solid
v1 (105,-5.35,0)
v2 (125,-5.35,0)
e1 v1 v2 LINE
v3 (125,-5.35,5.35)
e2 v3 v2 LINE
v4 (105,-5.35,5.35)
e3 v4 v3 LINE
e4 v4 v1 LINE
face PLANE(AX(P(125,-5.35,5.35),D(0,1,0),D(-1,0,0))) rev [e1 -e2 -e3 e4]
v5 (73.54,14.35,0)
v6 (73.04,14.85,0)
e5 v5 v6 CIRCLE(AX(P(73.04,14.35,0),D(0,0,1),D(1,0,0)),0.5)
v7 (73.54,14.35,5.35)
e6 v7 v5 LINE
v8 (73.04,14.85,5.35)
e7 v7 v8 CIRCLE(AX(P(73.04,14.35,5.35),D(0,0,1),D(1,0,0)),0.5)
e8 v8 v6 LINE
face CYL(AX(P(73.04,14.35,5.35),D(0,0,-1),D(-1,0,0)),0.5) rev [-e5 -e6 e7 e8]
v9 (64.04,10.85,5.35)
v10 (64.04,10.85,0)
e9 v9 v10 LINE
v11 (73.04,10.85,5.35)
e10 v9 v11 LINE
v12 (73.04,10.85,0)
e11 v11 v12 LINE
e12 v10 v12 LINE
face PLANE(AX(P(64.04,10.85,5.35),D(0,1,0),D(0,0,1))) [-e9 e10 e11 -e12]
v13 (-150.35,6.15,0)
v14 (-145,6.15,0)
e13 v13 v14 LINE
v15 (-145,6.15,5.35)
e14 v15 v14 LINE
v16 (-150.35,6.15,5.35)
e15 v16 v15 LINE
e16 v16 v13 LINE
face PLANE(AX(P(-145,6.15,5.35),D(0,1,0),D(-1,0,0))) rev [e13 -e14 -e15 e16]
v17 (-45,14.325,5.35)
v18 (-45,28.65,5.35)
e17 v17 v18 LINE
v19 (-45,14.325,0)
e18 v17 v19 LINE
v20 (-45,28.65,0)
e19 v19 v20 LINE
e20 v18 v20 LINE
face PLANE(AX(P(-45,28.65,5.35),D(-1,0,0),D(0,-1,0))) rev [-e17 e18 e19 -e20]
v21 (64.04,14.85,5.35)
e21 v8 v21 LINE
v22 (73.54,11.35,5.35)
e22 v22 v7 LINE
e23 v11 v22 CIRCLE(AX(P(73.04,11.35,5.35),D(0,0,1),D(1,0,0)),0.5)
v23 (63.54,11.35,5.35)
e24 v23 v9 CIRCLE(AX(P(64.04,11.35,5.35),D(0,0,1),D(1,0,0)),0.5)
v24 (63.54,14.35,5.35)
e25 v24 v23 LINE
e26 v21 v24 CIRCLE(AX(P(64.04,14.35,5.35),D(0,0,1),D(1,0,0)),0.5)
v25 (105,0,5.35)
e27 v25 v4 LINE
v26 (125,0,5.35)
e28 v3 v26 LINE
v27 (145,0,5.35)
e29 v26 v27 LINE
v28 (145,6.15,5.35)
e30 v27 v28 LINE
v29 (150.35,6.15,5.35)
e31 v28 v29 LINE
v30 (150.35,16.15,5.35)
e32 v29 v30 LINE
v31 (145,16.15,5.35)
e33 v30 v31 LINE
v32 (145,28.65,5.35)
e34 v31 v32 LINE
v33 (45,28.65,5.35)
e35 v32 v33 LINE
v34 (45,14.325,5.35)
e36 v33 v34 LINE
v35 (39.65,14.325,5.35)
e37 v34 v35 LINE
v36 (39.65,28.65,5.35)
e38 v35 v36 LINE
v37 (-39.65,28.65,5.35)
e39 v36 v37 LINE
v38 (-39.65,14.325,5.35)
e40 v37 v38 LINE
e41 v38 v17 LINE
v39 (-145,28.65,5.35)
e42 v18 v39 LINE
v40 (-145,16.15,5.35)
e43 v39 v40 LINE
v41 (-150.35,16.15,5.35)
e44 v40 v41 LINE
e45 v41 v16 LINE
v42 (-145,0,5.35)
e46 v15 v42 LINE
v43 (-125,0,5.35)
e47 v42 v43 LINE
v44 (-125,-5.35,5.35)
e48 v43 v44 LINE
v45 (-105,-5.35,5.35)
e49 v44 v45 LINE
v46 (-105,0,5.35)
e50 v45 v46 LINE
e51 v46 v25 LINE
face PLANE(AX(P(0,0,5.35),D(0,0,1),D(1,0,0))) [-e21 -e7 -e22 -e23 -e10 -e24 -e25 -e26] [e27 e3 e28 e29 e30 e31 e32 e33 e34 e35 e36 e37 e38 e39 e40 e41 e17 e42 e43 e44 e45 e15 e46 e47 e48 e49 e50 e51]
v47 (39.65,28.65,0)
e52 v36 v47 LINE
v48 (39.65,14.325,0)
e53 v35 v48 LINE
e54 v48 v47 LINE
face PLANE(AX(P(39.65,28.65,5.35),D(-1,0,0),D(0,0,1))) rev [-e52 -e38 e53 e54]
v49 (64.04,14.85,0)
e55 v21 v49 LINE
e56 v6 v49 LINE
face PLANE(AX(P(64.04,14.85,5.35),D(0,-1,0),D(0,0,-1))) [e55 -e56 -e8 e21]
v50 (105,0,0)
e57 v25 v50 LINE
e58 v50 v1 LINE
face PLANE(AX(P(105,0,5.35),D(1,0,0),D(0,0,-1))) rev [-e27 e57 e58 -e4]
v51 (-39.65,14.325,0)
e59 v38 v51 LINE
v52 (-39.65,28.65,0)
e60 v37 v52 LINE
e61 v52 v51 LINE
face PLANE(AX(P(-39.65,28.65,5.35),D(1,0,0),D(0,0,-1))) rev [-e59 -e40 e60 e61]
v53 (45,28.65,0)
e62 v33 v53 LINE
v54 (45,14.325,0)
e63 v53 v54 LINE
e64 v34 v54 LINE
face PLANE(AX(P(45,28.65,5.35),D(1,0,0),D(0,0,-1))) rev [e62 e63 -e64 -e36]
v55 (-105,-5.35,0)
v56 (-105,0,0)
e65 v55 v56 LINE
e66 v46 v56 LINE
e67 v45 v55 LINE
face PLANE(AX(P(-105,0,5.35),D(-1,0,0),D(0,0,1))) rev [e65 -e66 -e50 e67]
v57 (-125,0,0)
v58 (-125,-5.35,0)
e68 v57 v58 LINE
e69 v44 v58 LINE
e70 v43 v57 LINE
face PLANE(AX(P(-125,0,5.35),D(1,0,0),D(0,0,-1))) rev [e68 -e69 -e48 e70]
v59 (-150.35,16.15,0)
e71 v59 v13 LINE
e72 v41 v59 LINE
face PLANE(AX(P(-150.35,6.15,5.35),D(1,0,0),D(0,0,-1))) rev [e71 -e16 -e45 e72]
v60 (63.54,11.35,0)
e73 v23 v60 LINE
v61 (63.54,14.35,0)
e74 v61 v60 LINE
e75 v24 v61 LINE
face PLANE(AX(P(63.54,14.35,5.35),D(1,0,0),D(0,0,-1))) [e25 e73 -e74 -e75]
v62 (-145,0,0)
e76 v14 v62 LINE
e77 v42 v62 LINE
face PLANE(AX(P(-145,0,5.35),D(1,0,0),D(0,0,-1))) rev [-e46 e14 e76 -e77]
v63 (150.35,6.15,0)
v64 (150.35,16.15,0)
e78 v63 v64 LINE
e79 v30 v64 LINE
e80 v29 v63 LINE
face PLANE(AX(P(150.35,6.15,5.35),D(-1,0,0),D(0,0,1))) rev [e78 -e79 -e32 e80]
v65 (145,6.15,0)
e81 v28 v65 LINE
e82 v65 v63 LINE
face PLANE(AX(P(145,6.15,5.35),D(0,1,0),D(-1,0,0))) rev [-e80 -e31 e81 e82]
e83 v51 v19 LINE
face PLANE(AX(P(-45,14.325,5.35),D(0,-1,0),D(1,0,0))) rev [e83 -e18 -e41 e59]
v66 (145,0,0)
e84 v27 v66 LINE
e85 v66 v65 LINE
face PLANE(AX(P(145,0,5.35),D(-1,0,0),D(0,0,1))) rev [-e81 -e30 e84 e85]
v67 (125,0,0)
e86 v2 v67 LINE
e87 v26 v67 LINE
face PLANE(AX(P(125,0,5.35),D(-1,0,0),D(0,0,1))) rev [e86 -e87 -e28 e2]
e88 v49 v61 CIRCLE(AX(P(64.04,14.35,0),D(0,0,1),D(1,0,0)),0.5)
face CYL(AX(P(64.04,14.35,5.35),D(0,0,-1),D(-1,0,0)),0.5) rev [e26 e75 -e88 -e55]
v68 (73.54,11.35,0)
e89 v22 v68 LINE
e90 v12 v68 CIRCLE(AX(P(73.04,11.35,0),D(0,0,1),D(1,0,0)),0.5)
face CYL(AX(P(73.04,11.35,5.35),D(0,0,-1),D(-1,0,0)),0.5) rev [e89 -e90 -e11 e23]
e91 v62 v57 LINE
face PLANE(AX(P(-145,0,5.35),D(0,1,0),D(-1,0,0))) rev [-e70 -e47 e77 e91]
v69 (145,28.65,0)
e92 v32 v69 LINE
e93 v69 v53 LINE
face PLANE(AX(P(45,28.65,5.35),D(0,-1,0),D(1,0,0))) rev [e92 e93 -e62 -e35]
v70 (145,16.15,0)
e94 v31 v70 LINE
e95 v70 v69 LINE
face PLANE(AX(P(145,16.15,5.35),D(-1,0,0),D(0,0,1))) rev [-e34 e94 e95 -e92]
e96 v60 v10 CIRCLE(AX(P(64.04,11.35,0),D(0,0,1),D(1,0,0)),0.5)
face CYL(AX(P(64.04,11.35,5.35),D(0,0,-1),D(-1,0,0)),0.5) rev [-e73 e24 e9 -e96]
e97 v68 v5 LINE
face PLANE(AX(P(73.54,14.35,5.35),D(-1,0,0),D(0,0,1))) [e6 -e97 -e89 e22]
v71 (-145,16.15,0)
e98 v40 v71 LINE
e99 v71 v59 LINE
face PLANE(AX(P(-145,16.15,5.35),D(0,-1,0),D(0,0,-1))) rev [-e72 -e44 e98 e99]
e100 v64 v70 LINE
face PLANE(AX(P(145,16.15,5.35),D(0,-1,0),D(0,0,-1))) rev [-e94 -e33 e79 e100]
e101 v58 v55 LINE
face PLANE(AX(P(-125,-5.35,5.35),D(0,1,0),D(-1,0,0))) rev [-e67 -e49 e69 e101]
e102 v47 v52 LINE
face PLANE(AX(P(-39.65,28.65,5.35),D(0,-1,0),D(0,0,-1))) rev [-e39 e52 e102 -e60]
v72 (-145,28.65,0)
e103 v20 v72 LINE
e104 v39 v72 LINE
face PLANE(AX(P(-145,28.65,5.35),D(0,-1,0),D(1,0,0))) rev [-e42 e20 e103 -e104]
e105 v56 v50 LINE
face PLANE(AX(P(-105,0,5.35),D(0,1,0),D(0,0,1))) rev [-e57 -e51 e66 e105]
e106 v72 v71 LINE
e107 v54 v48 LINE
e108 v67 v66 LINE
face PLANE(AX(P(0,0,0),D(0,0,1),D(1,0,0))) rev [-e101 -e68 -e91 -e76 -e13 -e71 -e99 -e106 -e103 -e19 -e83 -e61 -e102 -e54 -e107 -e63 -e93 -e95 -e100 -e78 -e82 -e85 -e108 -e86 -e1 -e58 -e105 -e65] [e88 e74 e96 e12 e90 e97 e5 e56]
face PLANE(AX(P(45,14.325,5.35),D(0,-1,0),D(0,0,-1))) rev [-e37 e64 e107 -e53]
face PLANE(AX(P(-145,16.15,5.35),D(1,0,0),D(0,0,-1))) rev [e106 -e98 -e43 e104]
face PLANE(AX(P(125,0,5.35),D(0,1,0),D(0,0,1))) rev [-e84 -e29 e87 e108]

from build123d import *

# Parameters (mm, degrees)
BOSS_EXTRUDE1_DEPTH = 5.35


with BuildPart() as part:
    # Model → Boss-Extrude1 (new body)
    with BuildSketch(Plane.XY):
        Polygon((-145, 0), (-125, 0), (-125, -5.35), (-105, -5.35), (-105, 0), (105, 0), (105, -5.35), (125, -5.35), (125, 0), (145, 0), (145, 6.15), (150.35, 6.15), (150.35, 16.15), (145, 16.15), (145, 28.65), (45, 28.65), (45, 14.325), (39.65, 14.325), (39.65, 28.65), (-39.65, 28.65), (-39.65, 14.325), (-45, 14.325), (-45, 28.65), (-145, 28.65), (-145, 16.15), (-150.35, 16.15), (-150.35, 6.15), (-145, 6.15), align=None)
        with BuildLine():
            Line((64.04, 14.85), (73.04, 14.85))
            ThreePointArc((73.04, 14.85), (73.393553391, 14.703553391), (73.54, 14.35))
            Line((73.54, 14.35), (73.54, 11.35))
            ThreePointArc((73.54, 11.35), (73.393553391, 10.996446609), (73.04, 10.85))
            Line((73.04, 10.85), (64.04, 10.85))
            ThreePointArc((64.04, 10.85), (63.686446609, 10.996446609), (63.54, 11.35))
            Line((63.54, 11.35), (63.54, 14.35))
            ThreePointArc((63.54, 14.35), (63.686446609, 14.703553391), (64.04, 14.85))
        make_face(mode=Mode.SUBTRACT)
    extrude(amount=BOSS_EXTRUDE1_DEPTH)


solid = part.part
